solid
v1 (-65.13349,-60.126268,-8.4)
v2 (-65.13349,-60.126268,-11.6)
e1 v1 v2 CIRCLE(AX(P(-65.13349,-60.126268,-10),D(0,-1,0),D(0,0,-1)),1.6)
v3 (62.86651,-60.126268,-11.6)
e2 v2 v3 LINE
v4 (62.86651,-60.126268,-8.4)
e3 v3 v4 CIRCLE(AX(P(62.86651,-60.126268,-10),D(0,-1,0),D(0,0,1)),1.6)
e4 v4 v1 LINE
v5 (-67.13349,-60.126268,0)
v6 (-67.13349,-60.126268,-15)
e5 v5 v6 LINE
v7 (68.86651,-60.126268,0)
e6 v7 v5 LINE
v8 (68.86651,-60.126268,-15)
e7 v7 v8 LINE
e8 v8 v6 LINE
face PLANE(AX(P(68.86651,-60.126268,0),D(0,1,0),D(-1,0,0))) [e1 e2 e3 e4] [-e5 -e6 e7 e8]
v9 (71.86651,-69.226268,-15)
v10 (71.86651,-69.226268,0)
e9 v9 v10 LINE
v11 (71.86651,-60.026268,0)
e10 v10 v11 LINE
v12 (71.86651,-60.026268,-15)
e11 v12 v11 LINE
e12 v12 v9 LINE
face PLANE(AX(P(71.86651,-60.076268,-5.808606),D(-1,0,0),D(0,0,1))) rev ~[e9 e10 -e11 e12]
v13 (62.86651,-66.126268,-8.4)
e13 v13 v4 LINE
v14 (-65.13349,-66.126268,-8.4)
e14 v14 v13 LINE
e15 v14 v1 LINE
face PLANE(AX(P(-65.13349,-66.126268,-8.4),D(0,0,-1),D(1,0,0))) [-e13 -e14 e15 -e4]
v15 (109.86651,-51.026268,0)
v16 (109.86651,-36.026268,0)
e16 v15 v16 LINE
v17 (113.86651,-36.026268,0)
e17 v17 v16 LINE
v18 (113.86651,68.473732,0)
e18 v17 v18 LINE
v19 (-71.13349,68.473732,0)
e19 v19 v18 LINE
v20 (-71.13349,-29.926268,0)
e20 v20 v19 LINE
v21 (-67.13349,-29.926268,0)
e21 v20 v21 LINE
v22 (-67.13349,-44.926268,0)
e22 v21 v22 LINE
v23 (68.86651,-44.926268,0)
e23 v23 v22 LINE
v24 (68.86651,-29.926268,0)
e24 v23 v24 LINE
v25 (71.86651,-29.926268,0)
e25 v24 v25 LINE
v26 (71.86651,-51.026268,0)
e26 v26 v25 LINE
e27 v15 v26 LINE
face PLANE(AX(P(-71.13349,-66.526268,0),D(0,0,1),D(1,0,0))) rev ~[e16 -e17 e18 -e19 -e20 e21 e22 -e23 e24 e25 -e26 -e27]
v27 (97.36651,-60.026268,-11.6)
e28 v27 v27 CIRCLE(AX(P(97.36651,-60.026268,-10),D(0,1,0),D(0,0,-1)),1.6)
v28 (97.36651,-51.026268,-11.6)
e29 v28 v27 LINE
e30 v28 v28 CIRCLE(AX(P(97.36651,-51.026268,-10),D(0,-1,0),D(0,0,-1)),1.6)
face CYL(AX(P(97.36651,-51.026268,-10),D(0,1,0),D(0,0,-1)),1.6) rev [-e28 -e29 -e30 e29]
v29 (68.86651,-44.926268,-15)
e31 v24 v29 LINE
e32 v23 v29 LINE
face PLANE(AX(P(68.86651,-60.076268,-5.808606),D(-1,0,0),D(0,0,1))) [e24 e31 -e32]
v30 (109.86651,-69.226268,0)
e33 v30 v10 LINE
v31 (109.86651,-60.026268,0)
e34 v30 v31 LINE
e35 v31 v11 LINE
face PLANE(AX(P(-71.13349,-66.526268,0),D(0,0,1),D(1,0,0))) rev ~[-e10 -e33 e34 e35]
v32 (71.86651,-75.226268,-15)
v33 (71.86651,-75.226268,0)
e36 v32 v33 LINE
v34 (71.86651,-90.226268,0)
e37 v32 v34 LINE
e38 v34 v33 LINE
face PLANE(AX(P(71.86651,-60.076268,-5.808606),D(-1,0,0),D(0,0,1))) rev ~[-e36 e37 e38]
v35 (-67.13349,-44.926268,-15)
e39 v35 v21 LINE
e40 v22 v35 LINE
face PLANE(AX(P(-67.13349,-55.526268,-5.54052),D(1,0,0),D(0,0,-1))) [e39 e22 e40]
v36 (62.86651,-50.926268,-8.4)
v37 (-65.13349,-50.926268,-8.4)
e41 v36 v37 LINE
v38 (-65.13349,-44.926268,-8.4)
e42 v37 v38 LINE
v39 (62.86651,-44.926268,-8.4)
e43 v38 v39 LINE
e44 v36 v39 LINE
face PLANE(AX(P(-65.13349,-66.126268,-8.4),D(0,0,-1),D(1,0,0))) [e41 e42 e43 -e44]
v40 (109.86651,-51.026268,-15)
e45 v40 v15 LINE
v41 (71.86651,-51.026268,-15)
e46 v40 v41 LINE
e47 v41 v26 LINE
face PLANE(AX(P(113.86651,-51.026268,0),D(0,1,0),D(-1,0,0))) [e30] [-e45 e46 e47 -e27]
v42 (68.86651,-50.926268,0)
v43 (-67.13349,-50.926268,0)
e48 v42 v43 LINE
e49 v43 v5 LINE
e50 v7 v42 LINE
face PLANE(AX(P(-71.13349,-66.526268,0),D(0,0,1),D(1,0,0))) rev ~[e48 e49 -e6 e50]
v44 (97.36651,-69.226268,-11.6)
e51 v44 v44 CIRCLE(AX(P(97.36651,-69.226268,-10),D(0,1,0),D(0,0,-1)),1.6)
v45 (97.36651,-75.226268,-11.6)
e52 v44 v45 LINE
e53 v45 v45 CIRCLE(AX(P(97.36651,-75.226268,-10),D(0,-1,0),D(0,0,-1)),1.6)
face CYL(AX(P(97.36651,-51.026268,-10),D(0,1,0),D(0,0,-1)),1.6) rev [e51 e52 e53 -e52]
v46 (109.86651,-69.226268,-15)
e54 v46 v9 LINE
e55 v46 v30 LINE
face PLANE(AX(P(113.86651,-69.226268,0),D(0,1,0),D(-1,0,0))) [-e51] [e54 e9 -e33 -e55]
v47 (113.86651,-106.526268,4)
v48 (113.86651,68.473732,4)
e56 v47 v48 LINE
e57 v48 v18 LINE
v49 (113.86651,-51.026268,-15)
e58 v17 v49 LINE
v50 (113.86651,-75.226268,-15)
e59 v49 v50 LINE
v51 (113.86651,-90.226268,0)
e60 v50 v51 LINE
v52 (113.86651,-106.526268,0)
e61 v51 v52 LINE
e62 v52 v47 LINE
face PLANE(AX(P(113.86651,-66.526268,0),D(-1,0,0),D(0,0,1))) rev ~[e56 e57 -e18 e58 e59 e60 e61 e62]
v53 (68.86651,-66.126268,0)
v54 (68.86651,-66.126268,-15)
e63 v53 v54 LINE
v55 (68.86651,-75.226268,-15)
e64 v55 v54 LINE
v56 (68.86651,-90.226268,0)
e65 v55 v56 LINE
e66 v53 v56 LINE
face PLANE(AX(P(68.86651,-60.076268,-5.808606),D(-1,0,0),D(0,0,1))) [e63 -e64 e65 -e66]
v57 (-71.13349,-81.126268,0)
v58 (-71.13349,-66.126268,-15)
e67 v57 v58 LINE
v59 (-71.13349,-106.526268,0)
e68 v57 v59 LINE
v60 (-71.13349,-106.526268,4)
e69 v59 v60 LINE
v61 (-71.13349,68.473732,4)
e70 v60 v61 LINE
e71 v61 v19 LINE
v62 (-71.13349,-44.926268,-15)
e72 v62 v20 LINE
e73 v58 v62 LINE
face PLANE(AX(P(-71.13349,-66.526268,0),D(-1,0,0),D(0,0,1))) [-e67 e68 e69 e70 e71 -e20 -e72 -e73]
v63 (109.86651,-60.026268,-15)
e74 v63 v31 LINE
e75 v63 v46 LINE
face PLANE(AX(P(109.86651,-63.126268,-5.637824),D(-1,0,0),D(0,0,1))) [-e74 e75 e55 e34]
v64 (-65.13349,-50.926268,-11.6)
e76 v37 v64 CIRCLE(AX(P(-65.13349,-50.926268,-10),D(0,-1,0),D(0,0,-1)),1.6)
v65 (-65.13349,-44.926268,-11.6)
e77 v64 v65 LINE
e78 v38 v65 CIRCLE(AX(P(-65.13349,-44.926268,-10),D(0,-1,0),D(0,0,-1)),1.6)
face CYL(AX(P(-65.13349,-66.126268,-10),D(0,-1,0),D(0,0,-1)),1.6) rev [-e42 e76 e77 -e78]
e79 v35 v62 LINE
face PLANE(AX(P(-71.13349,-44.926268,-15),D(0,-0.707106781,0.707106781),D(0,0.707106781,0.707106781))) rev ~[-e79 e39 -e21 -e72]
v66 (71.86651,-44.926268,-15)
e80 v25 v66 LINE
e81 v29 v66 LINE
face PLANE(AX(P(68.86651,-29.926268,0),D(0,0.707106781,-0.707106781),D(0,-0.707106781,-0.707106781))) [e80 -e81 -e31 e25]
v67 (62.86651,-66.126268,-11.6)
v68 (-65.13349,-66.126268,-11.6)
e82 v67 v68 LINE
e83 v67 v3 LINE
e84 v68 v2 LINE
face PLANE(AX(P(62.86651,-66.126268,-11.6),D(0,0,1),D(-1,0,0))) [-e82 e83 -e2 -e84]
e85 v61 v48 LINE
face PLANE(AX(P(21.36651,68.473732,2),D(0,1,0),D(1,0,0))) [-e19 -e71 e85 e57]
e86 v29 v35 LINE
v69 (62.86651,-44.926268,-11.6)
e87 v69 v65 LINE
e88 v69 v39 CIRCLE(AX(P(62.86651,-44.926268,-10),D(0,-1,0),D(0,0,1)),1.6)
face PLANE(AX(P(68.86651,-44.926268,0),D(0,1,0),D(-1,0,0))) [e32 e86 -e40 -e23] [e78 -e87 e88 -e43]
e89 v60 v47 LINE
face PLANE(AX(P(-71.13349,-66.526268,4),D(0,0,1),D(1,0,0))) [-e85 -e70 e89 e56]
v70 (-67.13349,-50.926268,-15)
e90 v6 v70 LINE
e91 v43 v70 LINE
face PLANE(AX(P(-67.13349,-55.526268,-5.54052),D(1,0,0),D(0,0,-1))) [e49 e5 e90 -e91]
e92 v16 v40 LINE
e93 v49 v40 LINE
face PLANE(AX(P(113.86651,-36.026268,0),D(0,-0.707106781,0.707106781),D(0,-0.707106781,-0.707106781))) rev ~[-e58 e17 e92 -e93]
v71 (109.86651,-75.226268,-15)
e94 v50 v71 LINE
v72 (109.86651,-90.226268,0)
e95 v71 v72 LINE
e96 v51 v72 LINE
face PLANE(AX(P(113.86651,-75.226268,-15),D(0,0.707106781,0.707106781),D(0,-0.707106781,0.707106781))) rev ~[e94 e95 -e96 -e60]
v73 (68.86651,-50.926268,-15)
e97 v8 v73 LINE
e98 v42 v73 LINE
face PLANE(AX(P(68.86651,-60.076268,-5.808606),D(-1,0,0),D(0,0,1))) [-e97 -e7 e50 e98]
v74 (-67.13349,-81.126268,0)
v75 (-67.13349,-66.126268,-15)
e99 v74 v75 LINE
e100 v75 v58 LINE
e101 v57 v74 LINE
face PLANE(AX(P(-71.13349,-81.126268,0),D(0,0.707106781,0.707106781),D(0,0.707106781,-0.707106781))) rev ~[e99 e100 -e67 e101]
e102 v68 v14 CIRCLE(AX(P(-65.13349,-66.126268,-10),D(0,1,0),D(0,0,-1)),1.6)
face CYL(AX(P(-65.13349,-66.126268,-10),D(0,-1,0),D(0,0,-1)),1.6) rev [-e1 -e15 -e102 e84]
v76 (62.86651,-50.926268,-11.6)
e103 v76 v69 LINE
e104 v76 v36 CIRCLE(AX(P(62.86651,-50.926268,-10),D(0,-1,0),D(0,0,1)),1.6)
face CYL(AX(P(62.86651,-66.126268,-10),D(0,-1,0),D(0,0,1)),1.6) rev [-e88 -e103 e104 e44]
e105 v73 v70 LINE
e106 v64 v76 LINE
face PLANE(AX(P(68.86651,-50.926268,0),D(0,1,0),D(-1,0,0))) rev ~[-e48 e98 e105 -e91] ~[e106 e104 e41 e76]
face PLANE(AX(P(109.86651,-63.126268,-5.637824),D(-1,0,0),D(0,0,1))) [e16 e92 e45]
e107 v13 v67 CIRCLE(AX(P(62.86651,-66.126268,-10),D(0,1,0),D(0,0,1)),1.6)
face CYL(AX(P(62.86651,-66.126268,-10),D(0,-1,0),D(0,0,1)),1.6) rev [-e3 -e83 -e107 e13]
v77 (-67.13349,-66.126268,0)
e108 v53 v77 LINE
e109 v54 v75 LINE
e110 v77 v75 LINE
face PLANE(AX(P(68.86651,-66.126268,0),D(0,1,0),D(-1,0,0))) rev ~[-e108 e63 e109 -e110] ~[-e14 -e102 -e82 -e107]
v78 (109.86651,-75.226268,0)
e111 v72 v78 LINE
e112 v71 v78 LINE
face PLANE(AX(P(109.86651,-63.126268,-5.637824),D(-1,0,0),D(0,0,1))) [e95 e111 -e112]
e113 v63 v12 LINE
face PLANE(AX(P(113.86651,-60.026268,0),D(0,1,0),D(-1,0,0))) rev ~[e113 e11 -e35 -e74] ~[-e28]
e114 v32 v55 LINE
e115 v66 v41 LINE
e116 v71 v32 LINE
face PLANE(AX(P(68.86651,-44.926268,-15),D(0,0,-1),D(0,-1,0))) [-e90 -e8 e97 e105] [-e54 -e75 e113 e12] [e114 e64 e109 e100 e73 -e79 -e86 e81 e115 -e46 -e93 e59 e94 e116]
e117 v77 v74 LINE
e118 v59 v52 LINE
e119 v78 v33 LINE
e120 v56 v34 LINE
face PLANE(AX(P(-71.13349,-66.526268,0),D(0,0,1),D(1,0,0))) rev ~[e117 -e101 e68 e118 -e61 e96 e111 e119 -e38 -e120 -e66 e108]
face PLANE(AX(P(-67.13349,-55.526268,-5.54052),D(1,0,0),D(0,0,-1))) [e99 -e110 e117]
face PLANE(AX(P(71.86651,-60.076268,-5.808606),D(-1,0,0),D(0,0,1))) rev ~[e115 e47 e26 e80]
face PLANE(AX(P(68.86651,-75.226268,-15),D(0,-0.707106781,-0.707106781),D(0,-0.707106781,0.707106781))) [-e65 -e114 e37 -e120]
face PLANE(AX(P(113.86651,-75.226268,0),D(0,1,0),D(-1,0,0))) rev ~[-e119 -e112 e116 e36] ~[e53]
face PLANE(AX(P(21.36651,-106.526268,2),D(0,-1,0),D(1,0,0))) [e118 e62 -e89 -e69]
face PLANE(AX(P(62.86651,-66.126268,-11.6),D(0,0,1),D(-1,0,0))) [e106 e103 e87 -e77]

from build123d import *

# Parameters (mm, degrees)
SKETCH_1_W          = 185
SKETCH_1_H          = 175
EXTRUDE_1_DEPTH     = 4
SKETCH_2_W          = 140
SKETCH_2_H          = 6
EXTRUDE_2_DEPTH     = 15
CUT_EXTRUDE_1_REACH = 210.987
SKETCH_4_W          = 45
SKETCH_4_H          = 9
SKETCH_4_H_2        = 6
EXTRUDE_5_DEPTH     = 15
SKETCH_7_W          = 185
SKETCH_7_H          = 4
EXTRUDE_6_DEPTH     = 40
SKETCH_6_W          = 185
SKETCH_6_H          = 4
CUT_EXTRUDE_3_DEPTH = 40
CUT_EXTRUDE_START   = -24.2
SKETCH_5_R          = 1.6
CUT_EXTRUDE_2_DEPTH = 24.2
EXTRUDE_7_DEPTH     = 3
EXTRUDE_8_DEPTH     = 4
EXTRUDE_9_DEPTH     = 4


with BuildPart() as part:
    # 草圖1 → 填料-伸長1 (new body)
    with BuildSketch(Plane.XY):
        with Locations((21.366509782, 20.973731884)):
            Rectangle(SKETCH_1_W, SKETCH_1_H)
    extrude(amount=EXTRUDE_1_DEPTH)

    # 草圖2 → 填料-伸長2 (add)
    with BuildSketch(Plane(origin=(0, 0, 0), x_dir=(-1, 0, 0), z_dir=(0, 0, -1))):
        with Locations((1.133490218, -63.126268116)):
            Rectangle(SKETCH_2_W, SKETCH_2_H)
        with Locations((1.133490218, -47.926268116)):
            Rectangle(SKETCH_2_W, SKETCH_2_H)
    extrude(amount=EXTRUDE_2_DEPTH)

    # 除料-伸長1: up to this face of the body (flat: up to its plane)
    cut_extrude_1_end = Plane(part.part.faces().sort_by_distance((-1.133490218, -44.926268116, -7.5))[0])
    # 草圖3 → 除料-伸長1 (cut, up to the picked face)
    with BuildSketch(Plane.XZ.offset(66.126268116), mode=Mode.PRIVATE) as cut_extrude_1_sk1:
        with BuildLine():
            Line((-65.133490218, -8.4), (62.866509782, -8.4))
            ThreePointArc((62.866509782, -8.4), (64.466509782, -10), (62.866509782, -11.6))
            Line((62.866509782, -11.6), (-65.133490218, -11.6))
            ThreePointArc((-65.133490218, -11.6), (-66.733490218, -10), (-65.133490218, -8.4))
        make_face()
    cut_extrude_1_tool1 = split(extrude(cut_extrude_1_sk1.sketch, amount=-CUT_EXTRUDE_1_REACH, mode=Mode.PRIVATE), bisect_by=cut_extrude_1_end, keep=Keep.BOTH, mode=Mode.PRIVATE)
    add(cut_extrude_1_tool1.solids().sort_by(Axis((-1.13349, -66.126268, -10), (0, 1, 0)))[0], mode=Mode.SUBTRACT)

    # 草圖4 → 填料-伸長5 (add)
    with BuildSketch(Plane(origin=(0, 0, 0), x_dir=(-1, 0, 0), z_dir=(0, 0, -1))):
        with Locations((-91.366509782, -55.526268116)):
            Rectangle(SKETCH_4_W, SKETCH_4_H)
        with Locations((-91.366509782, -72.226268116)):
            Rectangle(SKETCH_4_W, SKETCH_4_H_2)
    extrude(amount=EXTRUDE_5_DEPTH)


with BuildPart() as extrude_5_piece_1:
    # of the separate pieces the step leaves, piece 1, a body of its own (extrude_5_pieces)
    add(part.part.solids().sort_by_distance((-71.133490218, 108.473731884, 0))[0])

    # 草圖7 → 填料-伸長6 (add)
    with BuildSketch(Plane.XZ.offset(66.526268116)):
        with Locations((21.366509782, 2)):
            Rectangle(SKETCH_7_W, SKETCH_7_H)
    extrude(amount=EXTRUDE_6_DEPTH)

    # 草圖6 → 除料-伸長3 (cut)
    with BuildSketch(Plane(origin=(0, 108.473731884, 0), x_dir=(1, 0, 0), z_dir=(0, 1, 0))):
        with Locations((21.366509782, -2)):
            Rectangle(SKETCH_6_W, SKETCH_6_H)
    extrude(amount=-CUT_EXTRUDE_3_DEPTH, mode=Mode.SUBTRACT)


with BuildPart() as extrude_5_piece_2:
    # of the separate pieces the step leaves, piece 2, a body of its own (extrude_5_pieces)
    add(part.part.solids().sort_by_distance((68.866509782, -69.226268116, 0))[0])


with BuildPart() as cut_extrude_2_tool:
    # 草圖5 → 除料-伸長2 (new body)
    with BuildSketch(Plane.XZ.offset(75.226268116).offset(CUT_EXTRUDE_START)):
        with Locations(Location((97.366509782, -10, 0), (0, 0, 270))):
            Circle(SKETCH_5_R)
    extrude(amount=CUT_EXTRUDE_2_DEPTH)


with BuildPart() as extrude_5_piece_1_1:
    add(extrude_5_piece_1.part)

    # 除料-伸長2: cut by cut_extrude_2_tool
    add(cut_extrude_2_tool.part, mode=Mode.SUBTRACT)



with BuildPart() as extrude_5_piece_2_1:
    add(extrude_5_piece_2.part)

    # 除料-伸長2: cut by cut_extrude_2_tool
    add(cut_extrude_2_tool.part, mode=Mode.SUBTRACT)


with BuildPart() as extrude_5_piece_1_2:
    add(extrude_5_piece_1_1.part)

    add(extrude_5_piece_2_1.part)  # 填料-伸長7 merges 填料-伸長5 piece 2
    # 草圖8 → 填料-伸長7 (add)
    with BuildSketch(Plane(origin=(68.866509782, 0, 0), x_dir=(0, 0, -1), z_dir=(1, 0, 0))):
        Polygon((15, -44.926268116), (15, -75.226268116), (0, -90.226268116), (0, -29.926268116), align=None)
    extrude(amount=EXTRUDE_7_DEPTH)

    # 草圖9 → 填料-伸長8 (add)
    with BuildSketch(Plane(origin=(113.866509782, 0, 0), x_dir=(0, 0, -1), z_dir=(1, 0, 0))):
        Polygon((15, -51.026268116), (15, -75.226268116), (0, -90.226268116), (0, -36.026268116), align=None)
    extrude(amount=-EXTRUDE_8_DEPTH)

    # 草圖11 → 填料-伸長9 (add)
    with BuildSketch(Plane.ZY.offset(71.133490218)):
        Polygon((-15, -66.126268116), (-15, -44.926268116), (0, -29.926268116), (0, -81.126268116), align=None)
    extrude(amount=-EXTRUDE_9_DEPTH)


solid = extrude_5_piece_1_2.part
